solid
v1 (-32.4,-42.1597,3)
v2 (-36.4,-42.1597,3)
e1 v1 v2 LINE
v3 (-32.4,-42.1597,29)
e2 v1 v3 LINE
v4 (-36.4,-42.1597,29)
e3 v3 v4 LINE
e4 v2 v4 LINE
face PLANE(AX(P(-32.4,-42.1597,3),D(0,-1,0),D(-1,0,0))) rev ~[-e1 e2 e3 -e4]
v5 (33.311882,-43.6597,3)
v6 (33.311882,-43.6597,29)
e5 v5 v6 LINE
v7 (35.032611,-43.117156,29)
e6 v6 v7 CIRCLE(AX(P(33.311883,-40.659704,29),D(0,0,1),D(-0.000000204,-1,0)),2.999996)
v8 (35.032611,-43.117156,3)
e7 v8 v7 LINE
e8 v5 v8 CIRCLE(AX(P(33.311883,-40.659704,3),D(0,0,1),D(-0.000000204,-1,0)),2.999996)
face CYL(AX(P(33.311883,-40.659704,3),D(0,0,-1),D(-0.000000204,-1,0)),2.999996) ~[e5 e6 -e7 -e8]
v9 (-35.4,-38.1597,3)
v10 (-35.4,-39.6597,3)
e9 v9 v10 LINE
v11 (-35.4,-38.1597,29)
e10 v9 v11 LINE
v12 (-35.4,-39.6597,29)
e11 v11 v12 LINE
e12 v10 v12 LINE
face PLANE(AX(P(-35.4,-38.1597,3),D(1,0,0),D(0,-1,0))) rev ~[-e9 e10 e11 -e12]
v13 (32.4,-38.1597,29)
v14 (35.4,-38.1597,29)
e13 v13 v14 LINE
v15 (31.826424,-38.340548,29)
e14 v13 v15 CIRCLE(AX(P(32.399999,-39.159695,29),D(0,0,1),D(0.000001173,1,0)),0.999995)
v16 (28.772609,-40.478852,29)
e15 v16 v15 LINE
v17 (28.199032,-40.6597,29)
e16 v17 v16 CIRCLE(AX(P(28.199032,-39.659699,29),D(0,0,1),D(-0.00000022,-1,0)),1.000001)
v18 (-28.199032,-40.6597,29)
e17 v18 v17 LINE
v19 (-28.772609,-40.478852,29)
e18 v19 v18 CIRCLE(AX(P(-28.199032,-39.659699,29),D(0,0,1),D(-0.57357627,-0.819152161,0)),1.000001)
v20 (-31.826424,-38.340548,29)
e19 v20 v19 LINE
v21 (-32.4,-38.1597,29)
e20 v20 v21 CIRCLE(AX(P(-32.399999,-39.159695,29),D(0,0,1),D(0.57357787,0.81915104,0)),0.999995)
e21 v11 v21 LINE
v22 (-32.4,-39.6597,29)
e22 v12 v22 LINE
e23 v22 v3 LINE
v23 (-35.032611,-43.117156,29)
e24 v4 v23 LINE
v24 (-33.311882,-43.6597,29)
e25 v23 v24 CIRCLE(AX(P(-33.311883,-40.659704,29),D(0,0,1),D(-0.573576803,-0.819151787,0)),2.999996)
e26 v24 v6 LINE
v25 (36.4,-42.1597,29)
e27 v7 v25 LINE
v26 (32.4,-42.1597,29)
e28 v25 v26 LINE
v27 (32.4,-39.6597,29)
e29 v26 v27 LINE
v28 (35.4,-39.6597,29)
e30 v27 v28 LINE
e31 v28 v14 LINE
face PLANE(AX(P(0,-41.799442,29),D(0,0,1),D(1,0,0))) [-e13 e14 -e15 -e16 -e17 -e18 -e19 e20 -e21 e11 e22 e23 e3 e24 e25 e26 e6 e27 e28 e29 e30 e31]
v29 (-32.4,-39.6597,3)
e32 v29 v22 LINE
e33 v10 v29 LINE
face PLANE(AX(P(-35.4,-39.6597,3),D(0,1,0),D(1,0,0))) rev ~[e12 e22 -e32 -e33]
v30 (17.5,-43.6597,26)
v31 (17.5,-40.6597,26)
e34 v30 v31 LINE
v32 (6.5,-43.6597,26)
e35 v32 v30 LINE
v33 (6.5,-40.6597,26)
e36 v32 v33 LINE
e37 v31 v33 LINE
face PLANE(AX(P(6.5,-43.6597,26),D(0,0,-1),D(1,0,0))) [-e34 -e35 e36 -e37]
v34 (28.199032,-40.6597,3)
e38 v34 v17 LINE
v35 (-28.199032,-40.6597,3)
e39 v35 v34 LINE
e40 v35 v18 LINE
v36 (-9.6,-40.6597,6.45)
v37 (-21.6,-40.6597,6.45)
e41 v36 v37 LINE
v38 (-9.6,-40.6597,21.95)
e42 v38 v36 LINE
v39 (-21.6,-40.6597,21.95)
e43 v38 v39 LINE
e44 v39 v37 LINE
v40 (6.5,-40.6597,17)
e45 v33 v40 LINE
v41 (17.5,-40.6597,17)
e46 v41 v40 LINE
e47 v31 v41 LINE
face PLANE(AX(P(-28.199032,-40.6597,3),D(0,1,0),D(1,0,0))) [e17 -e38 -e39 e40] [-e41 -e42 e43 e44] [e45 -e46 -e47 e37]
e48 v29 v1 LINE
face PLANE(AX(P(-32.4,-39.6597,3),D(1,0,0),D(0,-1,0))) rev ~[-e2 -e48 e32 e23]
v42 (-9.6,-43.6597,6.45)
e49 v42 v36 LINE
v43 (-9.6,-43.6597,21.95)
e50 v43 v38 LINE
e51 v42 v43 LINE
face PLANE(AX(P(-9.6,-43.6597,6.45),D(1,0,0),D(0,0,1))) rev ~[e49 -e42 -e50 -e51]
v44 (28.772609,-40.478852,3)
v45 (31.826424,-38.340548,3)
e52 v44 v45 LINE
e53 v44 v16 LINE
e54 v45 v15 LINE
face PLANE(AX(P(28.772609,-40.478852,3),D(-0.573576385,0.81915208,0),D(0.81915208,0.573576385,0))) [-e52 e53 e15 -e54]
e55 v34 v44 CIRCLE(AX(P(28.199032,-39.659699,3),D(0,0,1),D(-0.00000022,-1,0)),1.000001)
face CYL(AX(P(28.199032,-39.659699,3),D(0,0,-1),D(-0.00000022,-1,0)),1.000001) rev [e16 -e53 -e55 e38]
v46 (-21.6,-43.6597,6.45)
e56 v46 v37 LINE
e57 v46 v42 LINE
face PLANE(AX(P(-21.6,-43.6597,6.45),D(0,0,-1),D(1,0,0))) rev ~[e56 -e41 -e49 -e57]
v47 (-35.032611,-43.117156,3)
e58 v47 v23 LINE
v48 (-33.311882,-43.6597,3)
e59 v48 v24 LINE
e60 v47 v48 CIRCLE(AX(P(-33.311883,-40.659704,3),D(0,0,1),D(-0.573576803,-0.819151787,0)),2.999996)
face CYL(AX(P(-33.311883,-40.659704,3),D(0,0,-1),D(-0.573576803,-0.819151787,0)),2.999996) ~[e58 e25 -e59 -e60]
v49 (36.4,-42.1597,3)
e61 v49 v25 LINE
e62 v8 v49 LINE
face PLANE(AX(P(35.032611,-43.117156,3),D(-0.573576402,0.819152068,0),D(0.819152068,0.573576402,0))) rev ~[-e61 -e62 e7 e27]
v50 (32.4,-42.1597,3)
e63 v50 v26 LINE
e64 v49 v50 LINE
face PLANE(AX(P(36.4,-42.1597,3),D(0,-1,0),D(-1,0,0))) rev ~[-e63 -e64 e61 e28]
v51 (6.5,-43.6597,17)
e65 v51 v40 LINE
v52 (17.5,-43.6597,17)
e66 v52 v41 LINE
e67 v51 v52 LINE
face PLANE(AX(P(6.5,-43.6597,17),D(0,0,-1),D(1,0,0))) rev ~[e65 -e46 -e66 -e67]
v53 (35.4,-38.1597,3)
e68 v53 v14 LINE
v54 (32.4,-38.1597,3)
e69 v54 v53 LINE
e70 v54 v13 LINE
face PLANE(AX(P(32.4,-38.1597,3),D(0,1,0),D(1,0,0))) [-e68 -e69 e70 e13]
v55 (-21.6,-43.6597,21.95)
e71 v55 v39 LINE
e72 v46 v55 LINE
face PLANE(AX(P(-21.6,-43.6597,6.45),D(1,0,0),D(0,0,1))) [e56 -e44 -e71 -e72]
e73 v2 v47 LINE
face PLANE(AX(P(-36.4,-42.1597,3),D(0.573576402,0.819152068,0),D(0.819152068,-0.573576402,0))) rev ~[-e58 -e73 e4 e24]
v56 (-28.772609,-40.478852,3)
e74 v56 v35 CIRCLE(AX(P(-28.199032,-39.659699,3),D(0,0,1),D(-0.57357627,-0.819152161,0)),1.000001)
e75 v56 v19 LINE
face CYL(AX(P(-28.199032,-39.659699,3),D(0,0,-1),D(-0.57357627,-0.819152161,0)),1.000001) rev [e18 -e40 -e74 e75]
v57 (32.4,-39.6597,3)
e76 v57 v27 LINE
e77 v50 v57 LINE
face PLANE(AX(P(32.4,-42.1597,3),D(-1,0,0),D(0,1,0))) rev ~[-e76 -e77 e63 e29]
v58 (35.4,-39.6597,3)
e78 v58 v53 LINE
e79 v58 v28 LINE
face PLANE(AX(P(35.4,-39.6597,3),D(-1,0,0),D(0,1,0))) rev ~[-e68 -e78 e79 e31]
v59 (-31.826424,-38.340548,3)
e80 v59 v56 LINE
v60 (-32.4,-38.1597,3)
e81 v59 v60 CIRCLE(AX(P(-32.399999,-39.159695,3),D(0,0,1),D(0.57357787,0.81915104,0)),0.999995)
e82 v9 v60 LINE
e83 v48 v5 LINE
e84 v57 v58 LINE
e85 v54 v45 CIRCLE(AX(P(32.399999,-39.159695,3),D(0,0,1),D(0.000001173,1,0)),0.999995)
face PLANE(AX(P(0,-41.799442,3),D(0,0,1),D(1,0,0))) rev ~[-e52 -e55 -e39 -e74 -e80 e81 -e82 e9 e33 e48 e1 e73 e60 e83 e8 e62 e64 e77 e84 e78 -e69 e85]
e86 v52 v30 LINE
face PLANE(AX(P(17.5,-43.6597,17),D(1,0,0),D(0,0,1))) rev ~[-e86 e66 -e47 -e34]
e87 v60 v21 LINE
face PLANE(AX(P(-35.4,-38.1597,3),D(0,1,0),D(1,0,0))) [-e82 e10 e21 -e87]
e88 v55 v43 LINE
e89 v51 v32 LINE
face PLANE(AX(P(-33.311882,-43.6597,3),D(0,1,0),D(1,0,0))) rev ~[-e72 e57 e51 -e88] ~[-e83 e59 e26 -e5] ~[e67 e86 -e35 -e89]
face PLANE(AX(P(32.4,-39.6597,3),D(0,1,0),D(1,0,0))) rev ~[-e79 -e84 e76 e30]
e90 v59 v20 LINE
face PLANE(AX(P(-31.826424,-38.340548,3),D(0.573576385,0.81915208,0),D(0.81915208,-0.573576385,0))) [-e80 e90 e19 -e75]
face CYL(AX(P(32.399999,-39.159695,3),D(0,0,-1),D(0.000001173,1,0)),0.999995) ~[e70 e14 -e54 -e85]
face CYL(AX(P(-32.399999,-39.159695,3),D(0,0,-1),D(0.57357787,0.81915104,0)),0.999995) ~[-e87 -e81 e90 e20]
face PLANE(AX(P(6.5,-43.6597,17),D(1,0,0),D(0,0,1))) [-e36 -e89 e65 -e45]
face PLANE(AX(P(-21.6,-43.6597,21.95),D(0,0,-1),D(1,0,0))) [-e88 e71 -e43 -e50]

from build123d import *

# Parameters (mm, degrees)
PAD_DEPTH     = 26
SKETCH007_W   = 12
SKETCH007_H   = 15.5
SKETCH007_W_2 = 11
SKETCH007_H_2 = 9
POCKET_DEPTH  = 5


with BuildPart() as part:
    # Sketch008 → Pad (new body)
    with BuildSketch(Plane.XY.offset(3)):
        with BuildLine():
            Line((-35.4, -39.6597), (-32.4, -39.6597))
            Line((-32.4, -39.6597), (-32.4, -42.1597))
            Line((-32.4, -42.1597), (-36.4, -42.1597))
            Line((-36.4, -42.1597), (-35.032611, -43.117156))
            ThreePointArc((-35.032611, -43.117156), (-34.213999, -43.520851), (-33.311882, -43.6597))
            Line((-33.311882, -43.6597), (33.311882, -43.6597))
            ThreePointArc((33.311882, -43.6597), (34.213999, -43.520851), (35.032611, -43.117156))
            Line((35.032611, -43.117156), (36.4, -42.1597))
            Line((36.4, -42.1597), (32.4, -42.1597))
            Line((32.4, -42.1597), (32.4, -39.6597))
            Line((32.4, -39.6597), (35.4, -39.6597))
            Line((35.4, -39.6597), (35.4, -38.1597))
            Line((32.4, -38.1597), (35.4, -38.1597))
            ThreePointArc((32.4, -38.1597), (32.099294, -38.205983), (31.826424, -38.340548))
            Line((28.772609, -40.478852), (31.826424, -38.340548))
            ThreePointArc((28.199032, -40.6597), (28.499738, -40.613417), (28.772609, -40.478852))
            Line((-28.199032, -40.6597), (28.199032, -40.6597))
            ThreePointArc((-28.772609, -40.478852), (-28.499738, -40.613417), (-28.199032, -40.6597))
            Line((-31.826424, -38.340548), (-28.772609, -40.478852))
            ThreePointArc((-31.826424, -38.340548), (-32.099294, -38.205983), (-32.4, -38.1597))
            Line((-35.4, -38.1597), (-32.4, -38.1597))
            Line((-35.4, -38.1597), (-35.4, -39.6597))
        make_face()
    extrude(amount=PAD_DEPTH)

    # Sketch007 → Pocket (cut)
    with BuildSketch(Plane(origin=(0, -43.6597, 3), x_dir=(1, 0, 0), z_dir=(0, -1, 0))):
        with Locations((-15.6, 11.2)):
            Rectangle(SKETCH007_W, SKETCH007_H)
        with Locations((12, 18.5)):
            Rectangle(SKETCH007_W_2, SKETCH007_H_2)
    extrude(amount=-POCKET_DEPTH, mode=Mode.SUBTRACT)


solid = part.part
